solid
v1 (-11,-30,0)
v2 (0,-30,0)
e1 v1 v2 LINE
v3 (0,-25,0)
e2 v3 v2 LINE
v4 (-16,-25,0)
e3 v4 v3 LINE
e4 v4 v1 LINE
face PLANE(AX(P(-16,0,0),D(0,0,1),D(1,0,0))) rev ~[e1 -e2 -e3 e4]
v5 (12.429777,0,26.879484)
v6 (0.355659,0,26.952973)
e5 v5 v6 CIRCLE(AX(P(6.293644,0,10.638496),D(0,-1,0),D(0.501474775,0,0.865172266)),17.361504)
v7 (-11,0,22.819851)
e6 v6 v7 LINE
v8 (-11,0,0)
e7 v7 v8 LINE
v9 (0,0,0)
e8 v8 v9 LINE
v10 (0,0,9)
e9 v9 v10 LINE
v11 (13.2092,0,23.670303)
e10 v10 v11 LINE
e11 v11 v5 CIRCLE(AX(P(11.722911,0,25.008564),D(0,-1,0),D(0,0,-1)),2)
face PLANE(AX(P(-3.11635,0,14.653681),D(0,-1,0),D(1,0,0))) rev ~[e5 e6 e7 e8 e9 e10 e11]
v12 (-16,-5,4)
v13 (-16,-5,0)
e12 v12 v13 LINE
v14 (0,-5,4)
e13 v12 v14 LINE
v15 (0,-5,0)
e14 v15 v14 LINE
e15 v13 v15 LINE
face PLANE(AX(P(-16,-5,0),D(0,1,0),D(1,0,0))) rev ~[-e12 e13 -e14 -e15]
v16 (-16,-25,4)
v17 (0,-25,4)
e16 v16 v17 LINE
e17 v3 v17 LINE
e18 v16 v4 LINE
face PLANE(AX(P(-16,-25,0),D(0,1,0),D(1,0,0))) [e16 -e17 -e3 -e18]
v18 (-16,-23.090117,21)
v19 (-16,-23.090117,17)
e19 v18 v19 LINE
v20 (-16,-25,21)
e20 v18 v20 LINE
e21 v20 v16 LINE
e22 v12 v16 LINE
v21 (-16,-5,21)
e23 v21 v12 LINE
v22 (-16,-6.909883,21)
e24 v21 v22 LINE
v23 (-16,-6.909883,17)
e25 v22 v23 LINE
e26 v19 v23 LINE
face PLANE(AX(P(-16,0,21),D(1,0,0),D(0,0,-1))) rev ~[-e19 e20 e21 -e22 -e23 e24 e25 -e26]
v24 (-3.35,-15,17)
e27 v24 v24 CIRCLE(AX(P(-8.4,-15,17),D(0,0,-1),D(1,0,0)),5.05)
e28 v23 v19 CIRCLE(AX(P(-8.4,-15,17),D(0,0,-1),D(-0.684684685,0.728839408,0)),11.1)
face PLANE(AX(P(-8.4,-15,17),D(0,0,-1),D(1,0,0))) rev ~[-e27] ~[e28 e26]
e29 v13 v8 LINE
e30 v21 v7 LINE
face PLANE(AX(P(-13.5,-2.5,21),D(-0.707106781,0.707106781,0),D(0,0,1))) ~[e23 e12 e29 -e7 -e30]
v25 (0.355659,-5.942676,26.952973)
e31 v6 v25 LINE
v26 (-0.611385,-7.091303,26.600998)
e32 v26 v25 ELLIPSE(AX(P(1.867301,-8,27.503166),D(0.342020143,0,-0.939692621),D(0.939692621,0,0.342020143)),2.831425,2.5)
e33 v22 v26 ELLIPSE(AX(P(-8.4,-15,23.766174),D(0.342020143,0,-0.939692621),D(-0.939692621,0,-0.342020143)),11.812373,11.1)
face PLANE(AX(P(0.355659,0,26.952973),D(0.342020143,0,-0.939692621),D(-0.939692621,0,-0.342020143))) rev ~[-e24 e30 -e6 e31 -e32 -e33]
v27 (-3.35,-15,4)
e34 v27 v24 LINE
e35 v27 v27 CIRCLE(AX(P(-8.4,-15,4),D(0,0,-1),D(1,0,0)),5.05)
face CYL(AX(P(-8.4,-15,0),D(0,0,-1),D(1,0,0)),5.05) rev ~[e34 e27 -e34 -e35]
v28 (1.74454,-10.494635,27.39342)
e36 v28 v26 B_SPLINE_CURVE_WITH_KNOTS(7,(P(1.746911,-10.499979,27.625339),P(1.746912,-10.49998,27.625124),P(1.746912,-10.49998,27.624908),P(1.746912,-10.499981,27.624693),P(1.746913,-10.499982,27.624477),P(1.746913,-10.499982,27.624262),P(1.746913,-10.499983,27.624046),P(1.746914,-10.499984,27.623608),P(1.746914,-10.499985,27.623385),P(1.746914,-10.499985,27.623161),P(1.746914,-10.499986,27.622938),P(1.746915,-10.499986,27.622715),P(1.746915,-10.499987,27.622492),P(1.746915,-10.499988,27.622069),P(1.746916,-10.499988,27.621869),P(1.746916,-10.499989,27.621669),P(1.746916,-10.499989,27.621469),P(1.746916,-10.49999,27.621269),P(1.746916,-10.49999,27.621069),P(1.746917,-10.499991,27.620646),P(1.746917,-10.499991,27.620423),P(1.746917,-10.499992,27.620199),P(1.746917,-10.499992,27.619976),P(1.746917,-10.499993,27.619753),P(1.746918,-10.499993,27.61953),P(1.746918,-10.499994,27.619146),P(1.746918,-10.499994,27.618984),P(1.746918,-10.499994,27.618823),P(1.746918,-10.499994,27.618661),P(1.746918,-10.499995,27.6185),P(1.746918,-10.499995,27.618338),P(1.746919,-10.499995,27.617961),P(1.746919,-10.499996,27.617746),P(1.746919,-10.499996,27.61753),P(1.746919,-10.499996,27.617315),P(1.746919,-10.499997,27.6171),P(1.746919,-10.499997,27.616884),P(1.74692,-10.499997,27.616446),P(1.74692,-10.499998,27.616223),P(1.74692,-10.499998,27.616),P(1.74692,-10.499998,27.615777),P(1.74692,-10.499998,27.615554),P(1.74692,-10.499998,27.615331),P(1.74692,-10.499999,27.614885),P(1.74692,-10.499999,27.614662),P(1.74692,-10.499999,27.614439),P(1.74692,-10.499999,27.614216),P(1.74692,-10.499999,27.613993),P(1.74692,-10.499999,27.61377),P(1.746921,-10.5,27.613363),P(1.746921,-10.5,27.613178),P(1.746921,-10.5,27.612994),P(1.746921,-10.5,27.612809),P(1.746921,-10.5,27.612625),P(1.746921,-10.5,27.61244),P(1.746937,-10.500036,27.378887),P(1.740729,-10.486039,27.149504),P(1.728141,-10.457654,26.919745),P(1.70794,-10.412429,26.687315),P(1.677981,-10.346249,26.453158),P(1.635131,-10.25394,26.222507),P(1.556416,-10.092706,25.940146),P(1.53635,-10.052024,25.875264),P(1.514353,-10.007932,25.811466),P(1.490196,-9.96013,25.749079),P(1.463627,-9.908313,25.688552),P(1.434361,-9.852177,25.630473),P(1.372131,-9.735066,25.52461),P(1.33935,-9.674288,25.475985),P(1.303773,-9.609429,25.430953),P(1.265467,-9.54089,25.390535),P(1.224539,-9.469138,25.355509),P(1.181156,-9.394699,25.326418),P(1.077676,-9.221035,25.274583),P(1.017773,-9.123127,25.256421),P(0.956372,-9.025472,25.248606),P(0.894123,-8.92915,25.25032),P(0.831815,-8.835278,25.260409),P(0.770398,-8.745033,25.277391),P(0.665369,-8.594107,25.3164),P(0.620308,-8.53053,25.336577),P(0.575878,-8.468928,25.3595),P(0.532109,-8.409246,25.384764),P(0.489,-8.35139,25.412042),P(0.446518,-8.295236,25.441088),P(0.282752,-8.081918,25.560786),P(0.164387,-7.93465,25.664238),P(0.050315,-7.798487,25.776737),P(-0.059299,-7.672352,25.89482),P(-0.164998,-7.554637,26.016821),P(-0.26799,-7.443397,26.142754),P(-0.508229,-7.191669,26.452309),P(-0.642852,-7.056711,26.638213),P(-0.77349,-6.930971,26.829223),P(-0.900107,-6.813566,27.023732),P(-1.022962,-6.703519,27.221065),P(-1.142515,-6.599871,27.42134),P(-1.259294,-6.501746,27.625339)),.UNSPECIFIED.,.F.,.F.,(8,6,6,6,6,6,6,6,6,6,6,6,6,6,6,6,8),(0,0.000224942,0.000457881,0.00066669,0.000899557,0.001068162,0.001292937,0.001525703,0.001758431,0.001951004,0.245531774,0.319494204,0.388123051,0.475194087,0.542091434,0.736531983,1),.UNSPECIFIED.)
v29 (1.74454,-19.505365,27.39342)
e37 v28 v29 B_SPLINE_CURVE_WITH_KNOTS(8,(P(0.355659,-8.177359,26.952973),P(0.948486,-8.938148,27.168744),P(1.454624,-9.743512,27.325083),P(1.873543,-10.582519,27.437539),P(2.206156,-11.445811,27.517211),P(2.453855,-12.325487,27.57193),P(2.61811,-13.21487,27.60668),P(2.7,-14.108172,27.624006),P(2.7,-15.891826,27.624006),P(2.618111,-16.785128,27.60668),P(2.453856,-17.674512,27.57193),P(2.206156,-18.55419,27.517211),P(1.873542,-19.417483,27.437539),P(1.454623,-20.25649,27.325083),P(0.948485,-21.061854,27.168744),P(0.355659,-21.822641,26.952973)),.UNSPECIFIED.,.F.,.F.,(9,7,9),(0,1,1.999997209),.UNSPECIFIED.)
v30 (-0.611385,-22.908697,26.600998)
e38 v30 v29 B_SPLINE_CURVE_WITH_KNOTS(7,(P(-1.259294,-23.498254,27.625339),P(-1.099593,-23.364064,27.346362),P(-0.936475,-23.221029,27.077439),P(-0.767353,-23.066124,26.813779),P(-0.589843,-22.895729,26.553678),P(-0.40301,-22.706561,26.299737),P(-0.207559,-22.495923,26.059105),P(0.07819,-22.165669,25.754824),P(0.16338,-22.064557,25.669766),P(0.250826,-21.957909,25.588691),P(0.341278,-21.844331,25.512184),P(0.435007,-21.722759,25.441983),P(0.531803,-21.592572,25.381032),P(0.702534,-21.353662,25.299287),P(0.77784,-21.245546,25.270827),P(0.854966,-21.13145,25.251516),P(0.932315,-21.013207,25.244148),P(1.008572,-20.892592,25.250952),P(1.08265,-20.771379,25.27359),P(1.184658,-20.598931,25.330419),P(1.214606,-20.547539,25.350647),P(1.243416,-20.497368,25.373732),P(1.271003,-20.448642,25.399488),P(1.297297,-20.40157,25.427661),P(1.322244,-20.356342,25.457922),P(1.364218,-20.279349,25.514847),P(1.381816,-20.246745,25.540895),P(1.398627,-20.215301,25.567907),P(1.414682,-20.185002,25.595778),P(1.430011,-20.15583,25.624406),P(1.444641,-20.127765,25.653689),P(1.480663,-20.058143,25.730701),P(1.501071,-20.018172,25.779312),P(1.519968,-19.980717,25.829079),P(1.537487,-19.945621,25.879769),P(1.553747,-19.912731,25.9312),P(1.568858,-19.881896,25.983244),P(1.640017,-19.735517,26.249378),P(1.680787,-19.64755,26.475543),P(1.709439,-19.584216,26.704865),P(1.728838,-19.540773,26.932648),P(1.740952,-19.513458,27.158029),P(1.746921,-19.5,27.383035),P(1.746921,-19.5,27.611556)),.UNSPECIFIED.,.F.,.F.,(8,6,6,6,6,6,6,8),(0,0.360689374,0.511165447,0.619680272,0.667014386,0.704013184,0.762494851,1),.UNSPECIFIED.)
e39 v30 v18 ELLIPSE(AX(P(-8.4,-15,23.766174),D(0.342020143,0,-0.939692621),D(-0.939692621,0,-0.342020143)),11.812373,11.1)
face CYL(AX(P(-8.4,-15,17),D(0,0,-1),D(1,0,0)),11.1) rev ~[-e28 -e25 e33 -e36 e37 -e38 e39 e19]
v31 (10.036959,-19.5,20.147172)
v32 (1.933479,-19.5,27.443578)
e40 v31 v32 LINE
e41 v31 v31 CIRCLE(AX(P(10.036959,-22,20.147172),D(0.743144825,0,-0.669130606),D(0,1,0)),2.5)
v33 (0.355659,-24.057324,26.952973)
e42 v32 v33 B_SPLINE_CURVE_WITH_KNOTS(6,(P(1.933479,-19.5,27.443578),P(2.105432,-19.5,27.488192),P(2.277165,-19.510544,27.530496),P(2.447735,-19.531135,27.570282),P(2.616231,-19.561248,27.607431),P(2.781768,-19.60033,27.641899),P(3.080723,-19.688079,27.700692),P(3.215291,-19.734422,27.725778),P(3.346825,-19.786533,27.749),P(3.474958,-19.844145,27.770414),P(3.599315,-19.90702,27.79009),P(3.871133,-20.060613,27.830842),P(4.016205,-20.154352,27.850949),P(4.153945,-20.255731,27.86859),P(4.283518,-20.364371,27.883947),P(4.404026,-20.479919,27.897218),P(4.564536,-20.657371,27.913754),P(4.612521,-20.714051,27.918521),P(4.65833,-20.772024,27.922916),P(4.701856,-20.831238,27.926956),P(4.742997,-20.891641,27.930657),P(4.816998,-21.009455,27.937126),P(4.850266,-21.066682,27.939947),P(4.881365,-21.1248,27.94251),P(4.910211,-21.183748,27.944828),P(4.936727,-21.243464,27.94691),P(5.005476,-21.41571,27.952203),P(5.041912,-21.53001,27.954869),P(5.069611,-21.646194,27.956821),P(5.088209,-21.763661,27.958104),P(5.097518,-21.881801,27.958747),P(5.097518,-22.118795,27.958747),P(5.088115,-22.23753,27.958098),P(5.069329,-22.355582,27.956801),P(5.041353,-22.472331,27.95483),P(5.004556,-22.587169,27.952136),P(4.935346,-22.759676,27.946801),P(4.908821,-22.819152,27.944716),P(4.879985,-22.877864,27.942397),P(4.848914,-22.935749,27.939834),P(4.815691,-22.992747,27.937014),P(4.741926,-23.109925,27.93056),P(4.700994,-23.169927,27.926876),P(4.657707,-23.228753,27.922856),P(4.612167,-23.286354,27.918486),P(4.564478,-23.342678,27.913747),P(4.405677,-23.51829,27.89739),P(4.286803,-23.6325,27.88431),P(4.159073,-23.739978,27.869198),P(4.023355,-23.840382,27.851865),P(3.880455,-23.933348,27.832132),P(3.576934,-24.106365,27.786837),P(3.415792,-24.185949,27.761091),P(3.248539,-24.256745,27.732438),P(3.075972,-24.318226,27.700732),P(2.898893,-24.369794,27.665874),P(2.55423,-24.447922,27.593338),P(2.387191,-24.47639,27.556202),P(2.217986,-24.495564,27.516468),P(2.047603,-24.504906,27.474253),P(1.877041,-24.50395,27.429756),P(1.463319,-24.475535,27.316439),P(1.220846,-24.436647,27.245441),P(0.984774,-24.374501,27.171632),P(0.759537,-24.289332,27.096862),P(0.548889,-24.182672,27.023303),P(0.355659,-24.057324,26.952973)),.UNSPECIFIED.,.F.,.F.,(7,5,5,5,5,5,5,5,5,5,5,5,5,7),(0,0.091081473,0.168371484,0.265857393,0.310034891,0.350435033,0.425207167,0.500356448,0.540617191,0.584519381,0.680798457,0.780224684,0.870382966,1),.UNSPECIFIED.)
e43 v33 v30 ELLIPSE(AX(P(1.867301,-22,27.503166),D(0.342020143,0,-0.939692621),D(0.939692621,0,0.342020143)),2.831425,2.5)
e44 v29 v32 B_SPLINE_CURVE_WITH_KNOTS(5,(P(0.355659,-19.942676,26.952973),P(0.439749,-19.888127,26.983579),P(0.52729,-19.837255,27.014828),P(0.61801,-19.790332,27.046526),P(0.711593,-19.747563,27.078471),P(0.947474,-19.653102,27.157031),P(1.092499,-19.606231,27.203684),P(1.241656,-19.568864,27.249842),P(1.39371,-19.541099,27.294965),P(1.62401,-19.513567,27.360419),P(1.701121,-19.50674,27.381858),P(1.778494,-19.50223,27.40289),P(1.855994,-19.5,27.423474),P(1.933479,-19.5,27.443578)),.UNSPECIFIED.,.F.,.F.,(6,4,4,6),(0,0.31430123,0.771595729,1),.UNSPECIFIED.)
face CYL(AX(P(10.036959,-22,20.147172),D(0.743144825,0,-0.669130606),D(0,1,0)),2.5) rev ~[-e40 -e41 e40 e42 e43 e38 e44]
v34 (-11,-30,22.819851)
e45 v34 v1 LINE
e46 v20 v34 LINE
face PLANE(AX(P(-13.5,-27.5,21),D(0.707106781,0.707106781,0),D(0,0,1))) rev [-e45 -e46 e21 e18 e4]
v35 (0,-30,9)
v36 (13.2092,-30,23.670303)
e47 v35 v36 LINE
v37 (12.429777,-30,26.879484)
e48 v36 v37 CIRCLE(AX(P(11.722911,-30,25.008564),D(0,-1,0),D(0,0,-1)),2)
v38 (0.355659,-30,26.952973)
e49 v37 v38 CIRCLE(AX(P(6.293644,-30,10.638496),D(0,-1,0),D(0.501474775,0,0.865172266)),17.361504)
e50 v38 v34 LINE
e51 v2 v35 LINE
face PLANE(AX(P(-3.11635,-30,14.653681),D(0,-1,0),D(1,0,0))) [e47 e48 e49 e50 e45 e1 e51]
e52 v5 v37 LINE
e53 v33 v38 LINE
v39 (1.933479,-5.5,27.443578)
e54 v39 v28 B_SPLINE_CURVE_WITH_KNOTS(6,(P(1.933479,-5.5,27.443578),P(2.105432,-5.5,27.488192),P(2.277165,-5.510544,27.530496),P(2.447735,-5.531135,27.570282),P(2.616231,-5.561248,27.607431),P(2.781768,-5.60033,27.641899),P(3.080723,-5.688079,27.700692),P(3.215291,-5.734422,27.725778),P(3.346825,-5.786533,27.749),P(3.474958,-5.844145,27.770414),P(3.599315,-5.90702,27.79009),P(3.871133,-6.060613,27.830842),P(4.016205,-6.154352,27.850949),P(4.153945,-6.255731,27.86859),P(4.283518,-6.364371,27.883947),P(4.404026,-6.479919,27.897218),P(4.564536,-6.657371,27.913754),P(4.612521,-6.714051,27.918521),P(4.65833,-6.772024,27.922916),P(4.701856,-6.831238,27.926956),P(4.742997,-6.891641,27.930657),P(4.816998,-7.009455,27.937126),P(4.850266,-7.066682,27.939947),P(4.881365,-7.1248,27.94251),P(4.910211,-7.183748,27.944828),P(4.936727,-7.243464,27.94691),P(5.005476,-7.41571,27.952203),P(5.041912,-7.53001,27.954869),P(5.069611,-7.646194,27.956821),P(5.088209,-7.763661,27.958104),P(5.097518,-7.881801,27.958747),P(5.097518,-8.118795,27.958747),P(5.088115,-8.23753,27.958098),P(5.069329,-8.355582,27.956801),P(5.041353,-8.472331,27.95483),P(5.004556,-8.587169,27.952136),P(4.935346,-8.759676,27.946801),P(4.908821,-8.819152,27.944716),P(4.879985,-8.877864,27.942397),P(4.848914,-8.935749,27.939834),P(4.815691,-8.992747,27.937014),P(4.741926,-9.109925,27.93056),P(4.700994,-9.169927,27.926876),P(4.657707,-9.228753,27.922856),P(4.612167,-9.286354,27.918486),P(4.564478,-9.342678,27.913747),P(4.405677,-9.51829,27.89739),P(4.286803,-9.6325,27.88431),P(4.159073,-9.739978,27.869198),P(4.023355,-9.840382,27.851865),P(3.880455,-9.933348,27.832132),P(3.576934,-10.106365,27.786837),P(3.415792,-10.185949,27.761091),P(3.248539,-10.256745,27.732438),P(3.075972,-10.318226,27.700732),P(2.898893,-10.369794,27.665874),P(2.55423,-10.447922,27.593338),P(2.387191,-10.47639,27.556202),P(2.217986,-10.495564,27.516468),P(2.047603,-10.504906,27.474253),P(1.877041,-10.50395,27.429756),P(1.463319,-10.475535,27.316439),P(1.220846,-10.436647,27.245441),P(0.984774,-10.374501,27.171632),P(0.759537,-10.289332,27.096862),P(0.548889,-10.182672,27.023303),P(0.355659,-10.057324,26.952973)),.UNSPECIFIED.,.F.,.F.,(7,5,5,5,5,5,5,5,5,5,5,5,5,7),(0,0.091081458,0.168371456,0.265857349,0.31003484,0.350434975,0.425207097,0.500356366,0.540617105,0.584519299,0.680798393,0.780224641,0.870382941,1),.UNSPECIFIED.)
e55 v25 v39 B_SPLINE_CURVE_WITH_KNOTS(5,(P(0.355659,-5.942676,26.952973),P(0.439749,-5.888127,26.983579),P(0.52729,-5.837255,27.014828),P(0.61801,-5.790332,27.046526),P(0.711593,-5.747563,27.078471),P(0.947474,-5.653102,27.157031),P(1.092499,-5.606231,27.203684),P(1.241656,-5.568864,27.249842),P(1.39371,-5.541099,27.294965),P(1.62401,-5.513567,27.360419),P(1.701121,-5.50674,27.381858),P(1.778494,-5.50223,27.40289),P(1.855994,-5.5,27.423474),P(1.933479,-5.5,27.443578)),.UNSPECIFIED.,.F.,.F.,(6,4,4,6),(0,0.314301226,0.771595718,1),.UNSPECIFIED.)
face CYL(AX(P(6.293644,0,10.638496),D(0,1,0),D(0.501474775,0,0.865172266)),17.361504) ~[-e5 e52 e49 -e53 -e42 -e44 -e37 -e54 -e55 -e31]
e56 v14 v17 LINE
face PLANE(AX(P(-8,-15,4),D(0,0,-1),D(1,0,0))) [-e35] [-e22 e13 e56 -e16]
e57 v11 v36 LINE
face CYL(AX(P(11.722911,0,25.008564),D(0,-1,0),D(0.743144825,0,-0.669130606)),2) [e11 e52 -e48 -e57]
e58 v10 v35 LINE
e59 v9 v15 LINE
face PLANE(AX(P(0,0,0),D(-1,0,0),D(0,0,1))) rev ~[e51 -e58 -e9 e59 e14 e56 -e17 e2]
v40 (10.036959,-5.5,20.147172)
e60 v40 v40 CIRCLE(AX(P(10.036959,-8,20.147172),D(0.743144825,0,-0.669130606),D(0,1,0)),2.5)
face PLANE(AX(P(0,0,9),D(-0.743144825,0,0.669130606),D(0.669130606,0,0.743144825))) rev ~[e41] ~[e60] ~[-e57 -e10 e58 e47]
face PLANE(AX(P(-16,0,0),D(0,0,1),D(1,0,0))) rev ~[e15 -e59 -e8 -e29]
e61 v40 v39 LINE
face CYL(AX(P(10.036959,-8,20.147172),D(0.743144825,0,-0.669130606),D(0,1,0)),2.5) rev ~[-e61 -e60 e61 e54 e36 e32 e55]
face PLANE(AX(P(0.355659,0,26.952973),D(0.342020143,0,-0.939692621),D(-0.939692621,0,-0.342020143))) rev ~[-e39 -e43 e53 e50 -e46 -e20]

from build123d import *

# Parameters (mm, degrees)
F1_DEPTH  = 30
F2_R      = 5.05
F3_DEPTH  = 28.001
F4_W      = 16
F4_H      = 20
F4_R      = 5.05
F5_DEPTH  = 4
F7_R      = 11.1
F8_DEPTH  = 11.001
F9_SIZE   = 5
F10_R     = 2
F11_R     = 2.5
F12_DEPTH = 24.6047988697


with BuildPart() as f1:
    # F0 (on Front) → F1 (new body)
    with BuildSketch(Plane.XZ):
        with BuildLine():
            Line((-16, 0), (0, 0))
            Line((0, 0), (0, 9))
            Line((0, 9), (15, 25.6591877224))
            ThreePointArc((15, 25.6591877224), (7.8215314679, 27.9326389309), (0.3556593903, 26.9529731799))
            Line((0.3556593903, 26.9529731799), (-16, 21))
            Line((-16, 21), (-16, 0))
        make_face()
    extrude(amount=F1_DEPTH)

    # F2 (on face) → F3 (cut, through all)
    with BuildSketch(Plane(origin=(0, 0, 0), x_dir=(1, 0, 0), z_dir=(0, 0, -1))):
        with Locations((-8.4, 15)):
            Circle(F2_R)
    extrude(amount=-F3_DEPTH, mode=Mode.SUBTRACT)

    # F4 (on face) → F5 (cut)
    with BuildSketch(Plane(origin=(0, 0, 0), x_dir=(1, 0, 0), z_dir=(0, 0, -1))):
        with Locations((-8, 15)):
            Rectangle(F4_W, F4_H)
        with Locations((-8.4, 15)):
            Circle(F4_R, mode=Mode.SUBTRACT)
    extrude(amount=-F5_DEPTH, mode=Mode.SUBTRACT)

    # F7 (on offset) → F8 (cut, through all)
    with BuildSketch(Plane(origin=(0, 0, 17), x_dir=(1, 0, 0), z_dir=(0, 0, -1))):
        with Locations((-8.4, 15)):
            Circle(F7_R)
    extrude(amount=-F8_DEPTH, mode=Mode.SUBTRACT)

    # F9
    f9_edges = [f1.edges().sort_by_distance(p)[0] for p in [
        (-16, -30, 10.5),
        (-16, 0, 10.5),
    ]]
    chamfer(f9_edges, length=F9_SIZE)

    # F10
    f10_edges = [f1.edges().sort_by_distance(p)[0] for p in [
        (15, -15, 25.659188),
    ]]
    fillet(f10_edges, radius=F10_R)

    # F11 (on face) → F12 (cut, through all)
    with BuildSketch(Plane(origin=(-4.4753485292, 0, 4.0296219153), x_dir=(0, 1, 0), z_dir=(0.7431448255, 0, -0.6691306064))):
        with Locations((-22, 21.6883034293)):
            Circle(F11_R)
        with Locations((-8, 21.6883034293)):
            Circle(F11_R)
    extrude(amount=-F12_DEPTH, mode=Mode.SUBTRACT)


solid = f1.part
